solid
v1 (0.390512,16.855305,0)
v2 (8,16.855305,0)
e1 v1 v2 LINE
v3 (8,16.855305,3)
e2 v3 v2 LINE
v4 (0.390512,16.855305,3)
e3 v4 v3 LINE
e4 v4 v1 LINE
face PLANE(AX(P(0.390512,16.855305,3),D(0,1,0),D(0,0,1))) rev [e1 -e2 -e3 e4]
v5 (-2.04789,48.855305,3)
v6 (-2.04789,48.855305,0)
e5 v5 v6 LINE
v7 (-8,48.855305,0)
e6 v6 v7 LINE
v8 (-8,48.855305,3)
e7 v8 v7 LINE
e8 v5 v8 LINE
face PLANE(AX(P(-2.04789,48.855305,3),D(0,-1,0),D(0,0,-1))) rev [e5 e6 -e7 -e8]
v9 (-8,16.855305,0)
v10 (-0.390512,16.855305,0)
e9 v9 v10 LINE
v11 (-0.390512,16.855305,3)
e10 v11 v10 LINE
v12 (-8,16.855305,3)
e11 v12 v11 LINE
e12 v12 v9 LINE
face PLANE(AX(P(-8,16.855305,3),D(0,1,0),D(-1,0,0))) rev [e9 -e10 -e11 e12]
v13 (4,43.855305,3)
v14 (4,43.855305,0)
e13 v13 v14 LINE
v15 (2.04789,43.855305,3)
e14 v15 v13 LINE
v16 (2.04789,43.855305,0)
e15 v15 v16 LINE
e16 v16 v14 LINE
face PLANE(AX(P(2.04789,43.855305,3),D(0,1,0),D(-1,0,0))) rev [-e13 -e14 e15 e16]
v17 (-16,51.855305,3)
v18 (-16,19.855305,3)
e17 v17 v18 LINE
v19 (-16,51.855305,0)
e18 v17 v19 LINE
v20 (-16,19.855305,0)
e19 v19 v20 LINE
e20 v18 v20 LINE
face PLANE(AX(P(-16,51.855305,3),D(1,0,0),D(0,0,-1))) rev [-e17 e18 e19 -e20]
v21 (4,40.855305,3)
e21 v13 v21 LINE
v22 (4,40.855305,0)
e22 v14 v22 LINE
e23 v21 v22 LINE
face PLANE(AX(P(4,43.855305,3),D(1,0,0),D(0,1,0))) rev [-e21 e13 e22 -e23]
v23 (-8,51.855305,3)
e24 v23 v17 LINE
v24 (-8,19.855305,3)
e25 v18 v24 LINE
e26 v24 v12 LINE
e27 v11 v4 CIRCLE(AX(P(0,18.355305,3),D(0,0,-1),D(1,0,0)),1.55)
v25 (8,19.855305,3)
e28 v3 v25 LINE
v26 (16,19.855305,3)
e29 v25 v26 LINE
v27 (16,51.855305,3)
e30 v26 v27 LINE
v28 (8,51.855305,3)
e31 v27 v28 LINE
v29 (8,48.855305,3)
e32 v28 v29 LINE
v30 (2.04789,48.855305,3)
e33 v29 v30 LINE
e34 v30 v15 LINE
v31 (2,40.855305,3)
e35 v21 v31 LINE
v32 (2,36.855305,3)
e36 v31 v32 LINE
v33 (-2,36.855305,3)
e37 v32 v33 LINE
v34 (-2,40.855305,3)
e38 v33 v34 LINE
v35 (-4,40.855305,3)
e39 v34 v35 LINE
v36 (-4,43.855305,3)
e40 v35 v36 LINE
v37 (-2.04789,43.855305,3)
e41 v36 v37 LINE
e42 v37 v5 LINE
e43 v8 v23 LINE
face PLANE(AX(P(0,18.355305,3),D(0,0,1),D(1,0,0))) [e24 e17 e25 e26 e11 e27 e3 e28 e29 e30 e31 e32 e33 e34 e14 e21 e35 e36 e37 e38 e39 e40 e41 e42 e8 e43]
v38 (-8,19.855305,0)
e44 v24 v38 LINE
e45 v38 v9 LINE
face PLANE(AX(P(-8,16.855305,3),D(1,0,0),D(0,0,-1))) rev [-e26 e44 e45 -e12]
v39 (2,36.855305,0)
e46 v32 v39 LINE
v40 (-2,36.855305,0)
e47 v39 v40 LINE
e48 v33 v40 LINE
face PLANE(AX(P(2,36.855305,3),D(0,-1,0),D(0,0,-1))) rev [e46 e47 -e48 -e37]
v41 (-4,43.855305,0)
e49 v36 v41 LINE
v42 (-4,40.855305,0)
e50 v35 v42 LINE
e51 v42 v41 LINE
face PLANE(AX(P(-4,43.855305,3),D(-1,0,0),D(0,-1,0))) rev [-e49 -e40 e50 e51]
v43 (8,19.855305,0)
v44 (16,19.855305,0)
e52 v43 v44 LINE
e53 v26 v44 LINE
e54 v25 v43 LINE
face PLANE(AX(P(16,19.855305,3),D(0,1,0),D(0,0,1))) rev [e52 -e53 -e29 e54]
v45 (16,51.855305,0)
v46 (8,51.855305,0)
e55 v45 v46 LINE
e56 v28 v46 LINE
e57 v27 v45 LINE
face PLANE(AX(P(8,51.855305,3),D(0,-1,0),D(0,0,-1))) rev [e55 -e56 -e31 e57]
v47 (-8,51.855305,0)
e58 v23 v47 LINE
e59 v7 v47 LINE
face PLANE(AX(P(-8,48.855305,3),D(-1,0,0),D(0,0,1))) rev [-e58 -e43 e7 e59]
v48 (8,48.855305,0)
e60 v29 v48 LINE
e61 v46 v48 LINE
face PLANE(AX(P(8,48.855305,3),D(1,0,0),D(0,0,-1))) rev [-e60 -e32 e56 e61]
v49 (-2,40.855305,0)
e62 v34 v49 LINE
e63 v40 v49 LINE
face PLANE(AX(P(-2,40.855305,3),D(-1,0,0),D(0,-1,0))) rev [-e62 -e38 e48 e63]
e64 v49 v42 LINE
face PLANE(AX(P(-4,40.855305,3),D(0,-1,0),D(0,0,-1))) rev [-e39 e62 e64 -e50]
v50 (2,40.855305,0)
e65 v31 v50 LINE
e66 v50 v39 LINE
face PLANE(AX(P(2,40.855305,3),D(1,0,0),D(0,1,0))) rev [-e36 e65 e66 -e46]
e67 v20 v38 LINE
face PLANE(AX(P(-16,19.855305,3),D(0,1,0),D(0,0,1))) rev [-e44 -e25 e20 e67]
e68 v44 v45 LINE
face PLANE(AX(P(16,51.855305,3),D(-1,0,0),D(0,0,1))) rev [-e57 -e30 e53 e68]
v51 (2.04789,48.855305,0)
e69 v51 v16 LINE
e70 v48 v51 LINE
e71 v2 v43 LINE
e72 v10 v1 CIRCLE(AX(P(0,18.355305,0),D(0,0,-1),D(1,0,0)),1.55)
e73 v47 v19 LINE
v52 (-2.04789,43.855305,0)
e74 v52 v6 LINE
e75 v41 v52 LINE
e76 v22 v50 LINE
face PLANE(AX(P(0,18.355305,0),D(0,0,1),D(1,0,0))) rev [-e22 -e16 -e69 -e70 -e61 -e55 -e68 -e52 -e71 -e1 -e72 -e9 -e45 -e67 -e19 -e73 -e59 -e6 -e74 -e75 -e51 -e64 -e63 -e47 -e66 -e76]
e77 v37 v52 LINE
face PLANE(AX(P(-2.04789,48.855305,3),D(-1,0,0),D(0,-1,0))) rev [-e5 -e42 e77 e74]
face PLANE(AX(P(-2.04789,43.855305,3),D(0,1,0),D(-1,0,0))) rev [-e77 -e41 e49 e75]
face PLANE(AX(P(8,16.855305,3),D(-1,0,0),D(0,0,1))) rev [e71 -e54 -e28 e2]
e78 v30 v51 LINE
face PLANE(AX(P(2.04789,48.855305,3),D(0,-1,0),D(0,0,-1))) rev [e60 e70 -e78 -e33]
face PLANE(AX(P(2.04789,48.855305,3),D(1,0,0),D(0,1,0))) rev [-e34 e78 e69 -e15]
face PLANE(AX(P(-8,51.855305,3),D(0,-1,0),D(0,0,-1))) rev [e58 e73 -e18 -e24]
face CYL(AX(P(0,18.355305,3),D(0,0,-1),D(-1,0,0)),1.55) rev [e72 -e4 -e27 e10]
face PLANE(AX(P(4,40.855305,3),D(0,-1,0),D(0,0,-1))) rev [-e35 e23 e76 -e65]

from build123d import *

# Parameters (mm, degrees)
EXTRUDE_1_DEPTH = 3


with BuildPart() as part:
    # 草图2 → 凸台-拉伸1 (new body)
    with BuildSketch(Plane.XY):
        with BuildLine():
            Line((2.047890023, 48.855305477), (8, 48.855305477))
            Line((8, 48.855305477), (8, 51.855305477))
            Line((8, 51.855305477), (16, 51.855305477))
            Line((16, 51.855305477), (16, 19.855305477))
            Line((16, 19.855305477), (8, 19.855305477))
            Line((8, 19.855305477), (8, 16.855305477))
            Line((8, 16.855305477), (0.390512484, 16.855305477))
            ThreePointArc((0.390512484, 16.855305477), (0, 19.905305477), (-0.390512484, 16.855305477))
            Line((-0.390512484, 16.855305477), (-8, 16.855305477))
            Line((-8, 16.855305477), (-8, 19.855305477))
            Line((-8, 19.855305477), (-16, 19.855305477))
            Line((-16, 19.855305477), (-16, 51.855305477))
            Line((-16, 51.855305477), (-8, 51.855305477))
            Line((-8, 51.855305477), (-8, 48.855305477))
            Line((-8, 48.855305477), (-2.047890023, 48.855305477))
            Line((-2.047890023, 48.855305477), (-2.047890023, 43.855305477))
            Line((-2.047890023, 43.855305477), (-4, 43.855305477))
            Line((-4, 43.855305477), (-4, 40.855305477))
            Line((-4, 40.855305477), (-2, 40.855305477))
            Line((-2, 40.855305477), (-2, 36.855305477))
            Line((-2, 36.855305477), (2, 36.855305477))
            Line((2, 36.855305477), (2, 40.855305477))
            Line((2, 40.855305477), (4, 40.855305477))
            Line((4, 40.855305477), (4, 43.855305477))
            Line((4, 43.855305477), (2.047890023, 43.855305477))
            Line((2.047890023, 43.855305477), (2.047890023, 48.855305477))
        make_face()
    extrude(amount=EXTRUDE_1_DEPTH)


solid = part.part
